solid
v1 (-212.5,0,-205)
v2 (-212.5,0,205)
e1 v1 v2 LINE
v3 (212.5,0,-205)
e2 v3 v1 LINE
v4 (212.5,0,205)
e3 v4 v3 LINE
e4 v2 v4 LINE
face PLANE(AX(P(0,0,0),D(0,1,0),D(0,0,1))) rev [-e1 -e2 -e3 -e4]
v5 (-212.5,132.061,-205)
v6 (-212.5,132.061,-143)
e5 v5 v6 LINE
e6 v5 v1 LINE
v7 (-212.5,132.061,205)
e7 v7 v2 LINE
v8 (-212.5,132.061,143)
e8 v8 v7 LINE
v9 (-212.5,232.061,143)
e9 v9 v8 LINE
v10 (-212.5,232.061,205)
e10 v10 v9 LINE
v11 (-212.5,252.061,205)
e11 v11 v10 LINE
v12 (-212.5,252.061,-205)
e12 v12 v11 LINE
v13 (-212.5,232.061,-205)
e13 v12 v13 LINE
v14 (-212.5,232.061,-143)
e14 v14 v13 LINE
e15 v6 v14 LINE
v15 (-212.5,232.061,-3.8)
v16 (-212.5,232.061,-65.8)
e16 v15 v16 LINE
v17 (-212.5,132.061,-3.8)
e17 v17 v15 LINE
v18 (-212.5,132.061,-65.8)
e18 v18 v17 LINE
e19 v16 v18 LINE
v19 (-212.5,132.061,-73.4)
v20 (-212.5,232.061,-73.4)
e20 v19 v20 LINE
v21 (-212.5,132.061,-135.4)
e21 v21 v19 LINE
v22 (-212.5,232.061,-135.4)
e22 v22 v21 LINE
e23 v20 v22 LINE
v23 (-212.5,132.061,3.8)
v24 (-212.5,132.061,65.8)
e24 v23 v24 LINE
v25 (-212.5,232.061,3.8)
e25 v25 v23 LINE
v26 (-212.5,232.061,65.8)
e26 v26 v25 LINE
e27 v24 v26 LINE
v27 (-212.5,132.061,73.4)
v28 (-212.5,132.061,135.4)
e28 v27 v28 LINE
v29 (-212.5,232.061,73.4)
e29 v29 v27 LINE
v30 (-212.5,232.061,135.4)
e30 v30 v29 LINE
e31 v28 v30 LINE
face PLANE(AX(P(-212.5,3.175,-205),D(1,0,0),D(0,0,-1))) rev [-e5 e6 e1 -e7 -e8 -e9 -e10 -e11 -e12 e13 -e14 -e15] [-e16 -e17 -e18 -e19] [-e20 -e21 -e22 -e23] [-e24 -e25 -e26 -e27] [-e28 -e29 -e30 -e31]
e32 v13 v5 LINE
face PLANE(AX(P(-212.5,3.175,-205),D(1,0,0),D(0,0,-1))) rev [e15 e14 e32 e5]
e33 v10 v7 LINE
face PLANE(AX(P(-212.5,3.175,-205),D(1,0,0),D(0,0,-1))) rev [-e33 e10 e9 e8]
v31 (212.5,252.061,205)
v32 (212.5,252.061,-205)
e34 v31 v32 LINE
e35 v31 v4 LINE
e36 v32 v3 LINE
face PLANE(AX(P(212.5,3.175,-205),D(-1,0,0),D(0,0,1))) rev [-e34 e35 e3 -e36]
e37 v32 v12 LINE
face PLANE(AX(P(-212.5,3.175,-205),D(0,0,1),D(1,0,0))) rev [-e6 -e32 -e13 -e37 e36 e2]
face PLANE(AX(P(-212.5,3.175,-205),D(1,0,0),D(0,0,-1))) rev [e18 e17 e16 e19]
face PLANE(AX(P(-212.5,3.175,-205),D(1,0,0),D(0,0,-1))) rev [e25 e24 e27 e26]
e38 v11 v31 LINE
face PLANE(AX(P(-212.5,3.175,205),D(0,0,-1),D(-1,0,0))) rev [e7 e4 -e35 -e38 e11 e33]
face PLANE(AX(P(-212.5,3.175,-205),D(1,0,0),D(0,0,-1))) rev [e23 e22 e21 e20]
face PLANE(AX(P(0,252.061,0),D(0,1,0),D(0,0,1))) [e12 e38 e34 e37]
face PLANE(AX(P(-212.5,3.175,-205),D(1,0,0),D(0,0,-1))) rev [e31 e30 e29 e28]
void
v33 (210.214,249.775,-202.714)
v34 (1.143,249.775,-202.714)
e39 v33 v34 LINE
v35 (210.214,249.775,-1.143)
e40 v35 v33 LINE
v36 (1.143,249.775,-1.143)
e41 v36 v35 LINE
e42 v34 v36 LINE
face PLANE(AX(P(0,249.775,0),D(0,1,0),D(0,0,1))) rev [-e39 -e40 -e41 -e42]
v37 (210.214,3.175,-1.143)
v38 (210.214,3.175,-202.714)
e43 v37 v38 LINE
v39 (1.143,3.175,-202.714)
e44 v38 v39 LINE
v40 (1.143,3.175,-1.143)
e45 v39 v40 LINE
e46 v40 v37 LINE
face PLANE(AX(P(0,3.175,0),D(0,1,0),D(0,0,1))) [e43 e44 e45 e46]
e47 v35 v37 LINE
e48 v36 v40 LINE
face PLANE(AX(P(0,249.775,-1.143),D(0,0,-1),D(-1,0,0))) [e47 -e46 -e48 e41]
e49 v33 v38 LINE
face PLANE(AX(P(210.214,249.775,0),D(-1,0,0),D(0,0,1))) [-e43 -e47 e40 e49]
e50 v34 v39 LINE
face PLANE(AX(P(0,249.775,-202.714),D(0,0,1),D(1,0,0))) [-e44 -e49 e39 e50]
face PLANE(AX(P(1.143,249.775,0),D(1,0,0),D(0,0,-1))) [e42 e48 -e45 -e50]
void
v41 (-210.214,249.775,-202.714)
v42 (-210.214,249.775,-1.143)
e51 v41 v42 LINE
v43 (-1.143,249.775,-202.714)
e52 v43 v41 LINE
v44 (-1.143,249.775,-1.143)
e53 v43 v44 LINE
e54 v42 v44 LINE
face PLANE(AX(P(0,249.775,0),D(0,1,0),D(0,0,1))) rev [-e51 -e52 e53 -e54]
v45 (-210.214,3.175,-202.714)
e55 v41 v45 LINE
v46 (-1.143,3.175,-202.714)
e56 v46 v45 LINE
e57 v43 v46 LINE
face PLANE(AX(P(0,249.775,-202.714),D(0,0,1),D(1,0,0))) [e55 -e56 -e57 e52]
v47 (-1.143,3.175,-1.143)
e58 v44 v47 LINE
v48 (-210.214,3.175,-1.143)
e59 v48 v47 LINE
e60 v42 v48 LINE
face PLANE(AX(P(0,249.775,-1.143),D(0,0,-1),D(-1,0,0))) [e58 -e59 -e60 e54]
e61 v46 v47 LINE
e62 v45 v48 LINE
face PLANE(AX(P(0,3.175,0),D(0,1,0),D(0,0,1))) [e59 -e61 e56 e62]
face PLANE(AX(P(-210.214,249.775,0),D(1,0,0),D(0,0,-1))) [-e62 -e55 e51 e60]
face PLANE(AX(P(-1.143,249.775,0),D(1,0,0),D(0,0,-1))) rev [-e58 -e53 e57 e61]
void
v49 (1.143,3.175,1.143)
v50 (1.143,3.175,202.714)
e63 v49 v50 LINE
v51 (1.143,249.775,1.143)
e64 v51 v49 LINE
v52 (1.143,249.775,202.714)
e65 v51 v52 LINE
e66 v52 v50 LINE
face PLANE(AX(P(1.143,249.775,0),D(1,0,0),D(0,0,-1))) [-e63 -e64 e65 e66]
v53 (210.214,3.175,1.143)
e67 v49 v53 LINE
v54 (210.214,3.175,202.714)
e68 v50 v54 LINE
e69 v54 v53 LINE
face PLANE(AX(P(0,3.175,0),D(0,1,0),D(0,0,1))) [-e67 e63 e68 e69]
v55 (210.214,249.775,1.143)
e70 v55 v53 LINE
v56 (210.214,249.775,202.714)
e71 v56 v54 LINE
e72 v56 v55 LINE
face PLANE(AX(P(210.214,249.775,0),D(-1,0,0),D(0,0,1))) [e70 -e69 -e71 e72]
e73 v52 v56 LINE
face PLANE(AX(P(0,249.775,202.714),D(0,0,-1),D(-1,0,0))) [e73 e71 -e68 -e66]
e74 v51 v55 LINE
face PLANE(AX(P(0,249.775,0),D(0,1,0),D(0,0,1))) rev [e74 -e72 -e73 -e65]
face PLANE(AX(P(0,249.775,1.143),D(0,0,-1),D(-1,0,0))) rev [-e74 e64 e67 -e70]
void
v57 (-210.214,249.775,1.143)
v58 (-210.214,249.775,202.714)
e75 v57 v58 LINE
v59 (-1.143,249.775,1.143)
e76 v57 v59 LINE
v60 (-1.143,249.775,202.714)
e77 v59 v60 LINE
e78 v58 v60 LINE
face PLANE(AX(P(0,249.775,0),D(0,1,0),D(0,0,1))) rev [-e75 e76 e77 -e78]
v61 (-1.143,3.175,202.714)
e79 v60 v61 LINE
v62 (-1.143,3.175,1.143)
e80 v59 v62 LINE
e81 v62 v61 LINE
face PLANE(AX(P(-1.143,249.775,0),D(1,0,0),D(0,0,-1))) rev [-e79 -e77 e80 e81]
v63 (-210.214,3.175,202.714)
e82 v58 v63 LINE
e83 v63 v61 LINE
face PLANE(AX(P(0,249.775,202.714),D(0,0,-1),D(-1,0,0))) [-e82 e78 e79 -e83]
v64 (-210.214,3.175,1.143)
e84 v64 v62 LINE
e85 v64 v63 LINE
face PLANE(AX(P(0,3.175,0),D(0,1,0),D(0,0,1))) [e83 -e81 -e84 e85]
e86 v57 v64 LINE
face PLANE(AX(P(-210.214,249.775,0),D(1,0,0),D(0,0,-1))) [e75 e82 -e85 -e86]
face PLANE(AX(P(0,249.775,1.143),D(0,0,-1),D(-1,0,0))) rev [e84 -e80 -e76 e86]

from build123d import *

# Parameters (mm, degrees)
SKETCH1_W    = 425
SKETCH1_H    = 410
BOTTOM_DEPTH = 3.175
SKETCH2_W    = 425
SKETCH2_H    = 410
SKETCH2_W_2  = 420.428
SKETCH2_H_2  = 405.428
SKETCH2_W_3  = 2.286
SKETCH2_H_3  = 201.571
SKETCH2_W_4  = 209.071
SKETCH2_H_4  = 2.286
SIDES_DEPTH  = 246.6
SKETCH3_W    = 425
SKETCH3_H    = 410
TOP_DEPTH    = 2.286


with BuildPart() as part:
    # Sketch1 → Bottom (new body)
    with BuildSketch(Plane(origin=(0, 0, 0), x_dir=(1, 0, 0), z_dir=(0, 1, 0))):
        Rectangle(SKETCH1_W, SKETCH1_H)
    extrude(amount=BOTTOM_DEPTH)

    # Sketch2 → Sides (add)
    with BuildSketch(Plane(origin=(0, 3.175, 0), x_dir=(1, 0, 0), z_dir=(0, 1, 0))):
        Rectangle(SKETCH2_W, SKETCH2_H)
        Rectangle(SKETCH2_W_2, SKETCH2_H_2, mode=Mode.SUBTRACT)
        with Locations((0, 101.9285)):
            Rectangle(SKETCH2_W_3, SKETCH2_H_3)
        with Locations((105.6785, 0)):
            Rectangle(SKETCH2_W_4, SKETCH2_H_4)
        with Locations((0, -101.9285)):
            Rectangle(SKETCH2_W_3, SKETCH2_H_3)
        Rectangle(SKETCH2_W_3, SKETCH2_H_4)
        with Locations((-105.6785, 0)):
            Rectangle(SKETCH2_W_4, SKETCH2_H_4)
    extrude(amount=SIDES_DEPTH)

    # Sketch3 → Top (add)
    with BuildSketch(Plane(origin=(0, 249.775, 0), x_dir=(1, 0, 0), z_dir=(0, 1, 0))):
        Rectangle(SKETCH3_W, SKETCH3_H)
    extrude(amount=TOP_DEPTH)


solid = part.part
